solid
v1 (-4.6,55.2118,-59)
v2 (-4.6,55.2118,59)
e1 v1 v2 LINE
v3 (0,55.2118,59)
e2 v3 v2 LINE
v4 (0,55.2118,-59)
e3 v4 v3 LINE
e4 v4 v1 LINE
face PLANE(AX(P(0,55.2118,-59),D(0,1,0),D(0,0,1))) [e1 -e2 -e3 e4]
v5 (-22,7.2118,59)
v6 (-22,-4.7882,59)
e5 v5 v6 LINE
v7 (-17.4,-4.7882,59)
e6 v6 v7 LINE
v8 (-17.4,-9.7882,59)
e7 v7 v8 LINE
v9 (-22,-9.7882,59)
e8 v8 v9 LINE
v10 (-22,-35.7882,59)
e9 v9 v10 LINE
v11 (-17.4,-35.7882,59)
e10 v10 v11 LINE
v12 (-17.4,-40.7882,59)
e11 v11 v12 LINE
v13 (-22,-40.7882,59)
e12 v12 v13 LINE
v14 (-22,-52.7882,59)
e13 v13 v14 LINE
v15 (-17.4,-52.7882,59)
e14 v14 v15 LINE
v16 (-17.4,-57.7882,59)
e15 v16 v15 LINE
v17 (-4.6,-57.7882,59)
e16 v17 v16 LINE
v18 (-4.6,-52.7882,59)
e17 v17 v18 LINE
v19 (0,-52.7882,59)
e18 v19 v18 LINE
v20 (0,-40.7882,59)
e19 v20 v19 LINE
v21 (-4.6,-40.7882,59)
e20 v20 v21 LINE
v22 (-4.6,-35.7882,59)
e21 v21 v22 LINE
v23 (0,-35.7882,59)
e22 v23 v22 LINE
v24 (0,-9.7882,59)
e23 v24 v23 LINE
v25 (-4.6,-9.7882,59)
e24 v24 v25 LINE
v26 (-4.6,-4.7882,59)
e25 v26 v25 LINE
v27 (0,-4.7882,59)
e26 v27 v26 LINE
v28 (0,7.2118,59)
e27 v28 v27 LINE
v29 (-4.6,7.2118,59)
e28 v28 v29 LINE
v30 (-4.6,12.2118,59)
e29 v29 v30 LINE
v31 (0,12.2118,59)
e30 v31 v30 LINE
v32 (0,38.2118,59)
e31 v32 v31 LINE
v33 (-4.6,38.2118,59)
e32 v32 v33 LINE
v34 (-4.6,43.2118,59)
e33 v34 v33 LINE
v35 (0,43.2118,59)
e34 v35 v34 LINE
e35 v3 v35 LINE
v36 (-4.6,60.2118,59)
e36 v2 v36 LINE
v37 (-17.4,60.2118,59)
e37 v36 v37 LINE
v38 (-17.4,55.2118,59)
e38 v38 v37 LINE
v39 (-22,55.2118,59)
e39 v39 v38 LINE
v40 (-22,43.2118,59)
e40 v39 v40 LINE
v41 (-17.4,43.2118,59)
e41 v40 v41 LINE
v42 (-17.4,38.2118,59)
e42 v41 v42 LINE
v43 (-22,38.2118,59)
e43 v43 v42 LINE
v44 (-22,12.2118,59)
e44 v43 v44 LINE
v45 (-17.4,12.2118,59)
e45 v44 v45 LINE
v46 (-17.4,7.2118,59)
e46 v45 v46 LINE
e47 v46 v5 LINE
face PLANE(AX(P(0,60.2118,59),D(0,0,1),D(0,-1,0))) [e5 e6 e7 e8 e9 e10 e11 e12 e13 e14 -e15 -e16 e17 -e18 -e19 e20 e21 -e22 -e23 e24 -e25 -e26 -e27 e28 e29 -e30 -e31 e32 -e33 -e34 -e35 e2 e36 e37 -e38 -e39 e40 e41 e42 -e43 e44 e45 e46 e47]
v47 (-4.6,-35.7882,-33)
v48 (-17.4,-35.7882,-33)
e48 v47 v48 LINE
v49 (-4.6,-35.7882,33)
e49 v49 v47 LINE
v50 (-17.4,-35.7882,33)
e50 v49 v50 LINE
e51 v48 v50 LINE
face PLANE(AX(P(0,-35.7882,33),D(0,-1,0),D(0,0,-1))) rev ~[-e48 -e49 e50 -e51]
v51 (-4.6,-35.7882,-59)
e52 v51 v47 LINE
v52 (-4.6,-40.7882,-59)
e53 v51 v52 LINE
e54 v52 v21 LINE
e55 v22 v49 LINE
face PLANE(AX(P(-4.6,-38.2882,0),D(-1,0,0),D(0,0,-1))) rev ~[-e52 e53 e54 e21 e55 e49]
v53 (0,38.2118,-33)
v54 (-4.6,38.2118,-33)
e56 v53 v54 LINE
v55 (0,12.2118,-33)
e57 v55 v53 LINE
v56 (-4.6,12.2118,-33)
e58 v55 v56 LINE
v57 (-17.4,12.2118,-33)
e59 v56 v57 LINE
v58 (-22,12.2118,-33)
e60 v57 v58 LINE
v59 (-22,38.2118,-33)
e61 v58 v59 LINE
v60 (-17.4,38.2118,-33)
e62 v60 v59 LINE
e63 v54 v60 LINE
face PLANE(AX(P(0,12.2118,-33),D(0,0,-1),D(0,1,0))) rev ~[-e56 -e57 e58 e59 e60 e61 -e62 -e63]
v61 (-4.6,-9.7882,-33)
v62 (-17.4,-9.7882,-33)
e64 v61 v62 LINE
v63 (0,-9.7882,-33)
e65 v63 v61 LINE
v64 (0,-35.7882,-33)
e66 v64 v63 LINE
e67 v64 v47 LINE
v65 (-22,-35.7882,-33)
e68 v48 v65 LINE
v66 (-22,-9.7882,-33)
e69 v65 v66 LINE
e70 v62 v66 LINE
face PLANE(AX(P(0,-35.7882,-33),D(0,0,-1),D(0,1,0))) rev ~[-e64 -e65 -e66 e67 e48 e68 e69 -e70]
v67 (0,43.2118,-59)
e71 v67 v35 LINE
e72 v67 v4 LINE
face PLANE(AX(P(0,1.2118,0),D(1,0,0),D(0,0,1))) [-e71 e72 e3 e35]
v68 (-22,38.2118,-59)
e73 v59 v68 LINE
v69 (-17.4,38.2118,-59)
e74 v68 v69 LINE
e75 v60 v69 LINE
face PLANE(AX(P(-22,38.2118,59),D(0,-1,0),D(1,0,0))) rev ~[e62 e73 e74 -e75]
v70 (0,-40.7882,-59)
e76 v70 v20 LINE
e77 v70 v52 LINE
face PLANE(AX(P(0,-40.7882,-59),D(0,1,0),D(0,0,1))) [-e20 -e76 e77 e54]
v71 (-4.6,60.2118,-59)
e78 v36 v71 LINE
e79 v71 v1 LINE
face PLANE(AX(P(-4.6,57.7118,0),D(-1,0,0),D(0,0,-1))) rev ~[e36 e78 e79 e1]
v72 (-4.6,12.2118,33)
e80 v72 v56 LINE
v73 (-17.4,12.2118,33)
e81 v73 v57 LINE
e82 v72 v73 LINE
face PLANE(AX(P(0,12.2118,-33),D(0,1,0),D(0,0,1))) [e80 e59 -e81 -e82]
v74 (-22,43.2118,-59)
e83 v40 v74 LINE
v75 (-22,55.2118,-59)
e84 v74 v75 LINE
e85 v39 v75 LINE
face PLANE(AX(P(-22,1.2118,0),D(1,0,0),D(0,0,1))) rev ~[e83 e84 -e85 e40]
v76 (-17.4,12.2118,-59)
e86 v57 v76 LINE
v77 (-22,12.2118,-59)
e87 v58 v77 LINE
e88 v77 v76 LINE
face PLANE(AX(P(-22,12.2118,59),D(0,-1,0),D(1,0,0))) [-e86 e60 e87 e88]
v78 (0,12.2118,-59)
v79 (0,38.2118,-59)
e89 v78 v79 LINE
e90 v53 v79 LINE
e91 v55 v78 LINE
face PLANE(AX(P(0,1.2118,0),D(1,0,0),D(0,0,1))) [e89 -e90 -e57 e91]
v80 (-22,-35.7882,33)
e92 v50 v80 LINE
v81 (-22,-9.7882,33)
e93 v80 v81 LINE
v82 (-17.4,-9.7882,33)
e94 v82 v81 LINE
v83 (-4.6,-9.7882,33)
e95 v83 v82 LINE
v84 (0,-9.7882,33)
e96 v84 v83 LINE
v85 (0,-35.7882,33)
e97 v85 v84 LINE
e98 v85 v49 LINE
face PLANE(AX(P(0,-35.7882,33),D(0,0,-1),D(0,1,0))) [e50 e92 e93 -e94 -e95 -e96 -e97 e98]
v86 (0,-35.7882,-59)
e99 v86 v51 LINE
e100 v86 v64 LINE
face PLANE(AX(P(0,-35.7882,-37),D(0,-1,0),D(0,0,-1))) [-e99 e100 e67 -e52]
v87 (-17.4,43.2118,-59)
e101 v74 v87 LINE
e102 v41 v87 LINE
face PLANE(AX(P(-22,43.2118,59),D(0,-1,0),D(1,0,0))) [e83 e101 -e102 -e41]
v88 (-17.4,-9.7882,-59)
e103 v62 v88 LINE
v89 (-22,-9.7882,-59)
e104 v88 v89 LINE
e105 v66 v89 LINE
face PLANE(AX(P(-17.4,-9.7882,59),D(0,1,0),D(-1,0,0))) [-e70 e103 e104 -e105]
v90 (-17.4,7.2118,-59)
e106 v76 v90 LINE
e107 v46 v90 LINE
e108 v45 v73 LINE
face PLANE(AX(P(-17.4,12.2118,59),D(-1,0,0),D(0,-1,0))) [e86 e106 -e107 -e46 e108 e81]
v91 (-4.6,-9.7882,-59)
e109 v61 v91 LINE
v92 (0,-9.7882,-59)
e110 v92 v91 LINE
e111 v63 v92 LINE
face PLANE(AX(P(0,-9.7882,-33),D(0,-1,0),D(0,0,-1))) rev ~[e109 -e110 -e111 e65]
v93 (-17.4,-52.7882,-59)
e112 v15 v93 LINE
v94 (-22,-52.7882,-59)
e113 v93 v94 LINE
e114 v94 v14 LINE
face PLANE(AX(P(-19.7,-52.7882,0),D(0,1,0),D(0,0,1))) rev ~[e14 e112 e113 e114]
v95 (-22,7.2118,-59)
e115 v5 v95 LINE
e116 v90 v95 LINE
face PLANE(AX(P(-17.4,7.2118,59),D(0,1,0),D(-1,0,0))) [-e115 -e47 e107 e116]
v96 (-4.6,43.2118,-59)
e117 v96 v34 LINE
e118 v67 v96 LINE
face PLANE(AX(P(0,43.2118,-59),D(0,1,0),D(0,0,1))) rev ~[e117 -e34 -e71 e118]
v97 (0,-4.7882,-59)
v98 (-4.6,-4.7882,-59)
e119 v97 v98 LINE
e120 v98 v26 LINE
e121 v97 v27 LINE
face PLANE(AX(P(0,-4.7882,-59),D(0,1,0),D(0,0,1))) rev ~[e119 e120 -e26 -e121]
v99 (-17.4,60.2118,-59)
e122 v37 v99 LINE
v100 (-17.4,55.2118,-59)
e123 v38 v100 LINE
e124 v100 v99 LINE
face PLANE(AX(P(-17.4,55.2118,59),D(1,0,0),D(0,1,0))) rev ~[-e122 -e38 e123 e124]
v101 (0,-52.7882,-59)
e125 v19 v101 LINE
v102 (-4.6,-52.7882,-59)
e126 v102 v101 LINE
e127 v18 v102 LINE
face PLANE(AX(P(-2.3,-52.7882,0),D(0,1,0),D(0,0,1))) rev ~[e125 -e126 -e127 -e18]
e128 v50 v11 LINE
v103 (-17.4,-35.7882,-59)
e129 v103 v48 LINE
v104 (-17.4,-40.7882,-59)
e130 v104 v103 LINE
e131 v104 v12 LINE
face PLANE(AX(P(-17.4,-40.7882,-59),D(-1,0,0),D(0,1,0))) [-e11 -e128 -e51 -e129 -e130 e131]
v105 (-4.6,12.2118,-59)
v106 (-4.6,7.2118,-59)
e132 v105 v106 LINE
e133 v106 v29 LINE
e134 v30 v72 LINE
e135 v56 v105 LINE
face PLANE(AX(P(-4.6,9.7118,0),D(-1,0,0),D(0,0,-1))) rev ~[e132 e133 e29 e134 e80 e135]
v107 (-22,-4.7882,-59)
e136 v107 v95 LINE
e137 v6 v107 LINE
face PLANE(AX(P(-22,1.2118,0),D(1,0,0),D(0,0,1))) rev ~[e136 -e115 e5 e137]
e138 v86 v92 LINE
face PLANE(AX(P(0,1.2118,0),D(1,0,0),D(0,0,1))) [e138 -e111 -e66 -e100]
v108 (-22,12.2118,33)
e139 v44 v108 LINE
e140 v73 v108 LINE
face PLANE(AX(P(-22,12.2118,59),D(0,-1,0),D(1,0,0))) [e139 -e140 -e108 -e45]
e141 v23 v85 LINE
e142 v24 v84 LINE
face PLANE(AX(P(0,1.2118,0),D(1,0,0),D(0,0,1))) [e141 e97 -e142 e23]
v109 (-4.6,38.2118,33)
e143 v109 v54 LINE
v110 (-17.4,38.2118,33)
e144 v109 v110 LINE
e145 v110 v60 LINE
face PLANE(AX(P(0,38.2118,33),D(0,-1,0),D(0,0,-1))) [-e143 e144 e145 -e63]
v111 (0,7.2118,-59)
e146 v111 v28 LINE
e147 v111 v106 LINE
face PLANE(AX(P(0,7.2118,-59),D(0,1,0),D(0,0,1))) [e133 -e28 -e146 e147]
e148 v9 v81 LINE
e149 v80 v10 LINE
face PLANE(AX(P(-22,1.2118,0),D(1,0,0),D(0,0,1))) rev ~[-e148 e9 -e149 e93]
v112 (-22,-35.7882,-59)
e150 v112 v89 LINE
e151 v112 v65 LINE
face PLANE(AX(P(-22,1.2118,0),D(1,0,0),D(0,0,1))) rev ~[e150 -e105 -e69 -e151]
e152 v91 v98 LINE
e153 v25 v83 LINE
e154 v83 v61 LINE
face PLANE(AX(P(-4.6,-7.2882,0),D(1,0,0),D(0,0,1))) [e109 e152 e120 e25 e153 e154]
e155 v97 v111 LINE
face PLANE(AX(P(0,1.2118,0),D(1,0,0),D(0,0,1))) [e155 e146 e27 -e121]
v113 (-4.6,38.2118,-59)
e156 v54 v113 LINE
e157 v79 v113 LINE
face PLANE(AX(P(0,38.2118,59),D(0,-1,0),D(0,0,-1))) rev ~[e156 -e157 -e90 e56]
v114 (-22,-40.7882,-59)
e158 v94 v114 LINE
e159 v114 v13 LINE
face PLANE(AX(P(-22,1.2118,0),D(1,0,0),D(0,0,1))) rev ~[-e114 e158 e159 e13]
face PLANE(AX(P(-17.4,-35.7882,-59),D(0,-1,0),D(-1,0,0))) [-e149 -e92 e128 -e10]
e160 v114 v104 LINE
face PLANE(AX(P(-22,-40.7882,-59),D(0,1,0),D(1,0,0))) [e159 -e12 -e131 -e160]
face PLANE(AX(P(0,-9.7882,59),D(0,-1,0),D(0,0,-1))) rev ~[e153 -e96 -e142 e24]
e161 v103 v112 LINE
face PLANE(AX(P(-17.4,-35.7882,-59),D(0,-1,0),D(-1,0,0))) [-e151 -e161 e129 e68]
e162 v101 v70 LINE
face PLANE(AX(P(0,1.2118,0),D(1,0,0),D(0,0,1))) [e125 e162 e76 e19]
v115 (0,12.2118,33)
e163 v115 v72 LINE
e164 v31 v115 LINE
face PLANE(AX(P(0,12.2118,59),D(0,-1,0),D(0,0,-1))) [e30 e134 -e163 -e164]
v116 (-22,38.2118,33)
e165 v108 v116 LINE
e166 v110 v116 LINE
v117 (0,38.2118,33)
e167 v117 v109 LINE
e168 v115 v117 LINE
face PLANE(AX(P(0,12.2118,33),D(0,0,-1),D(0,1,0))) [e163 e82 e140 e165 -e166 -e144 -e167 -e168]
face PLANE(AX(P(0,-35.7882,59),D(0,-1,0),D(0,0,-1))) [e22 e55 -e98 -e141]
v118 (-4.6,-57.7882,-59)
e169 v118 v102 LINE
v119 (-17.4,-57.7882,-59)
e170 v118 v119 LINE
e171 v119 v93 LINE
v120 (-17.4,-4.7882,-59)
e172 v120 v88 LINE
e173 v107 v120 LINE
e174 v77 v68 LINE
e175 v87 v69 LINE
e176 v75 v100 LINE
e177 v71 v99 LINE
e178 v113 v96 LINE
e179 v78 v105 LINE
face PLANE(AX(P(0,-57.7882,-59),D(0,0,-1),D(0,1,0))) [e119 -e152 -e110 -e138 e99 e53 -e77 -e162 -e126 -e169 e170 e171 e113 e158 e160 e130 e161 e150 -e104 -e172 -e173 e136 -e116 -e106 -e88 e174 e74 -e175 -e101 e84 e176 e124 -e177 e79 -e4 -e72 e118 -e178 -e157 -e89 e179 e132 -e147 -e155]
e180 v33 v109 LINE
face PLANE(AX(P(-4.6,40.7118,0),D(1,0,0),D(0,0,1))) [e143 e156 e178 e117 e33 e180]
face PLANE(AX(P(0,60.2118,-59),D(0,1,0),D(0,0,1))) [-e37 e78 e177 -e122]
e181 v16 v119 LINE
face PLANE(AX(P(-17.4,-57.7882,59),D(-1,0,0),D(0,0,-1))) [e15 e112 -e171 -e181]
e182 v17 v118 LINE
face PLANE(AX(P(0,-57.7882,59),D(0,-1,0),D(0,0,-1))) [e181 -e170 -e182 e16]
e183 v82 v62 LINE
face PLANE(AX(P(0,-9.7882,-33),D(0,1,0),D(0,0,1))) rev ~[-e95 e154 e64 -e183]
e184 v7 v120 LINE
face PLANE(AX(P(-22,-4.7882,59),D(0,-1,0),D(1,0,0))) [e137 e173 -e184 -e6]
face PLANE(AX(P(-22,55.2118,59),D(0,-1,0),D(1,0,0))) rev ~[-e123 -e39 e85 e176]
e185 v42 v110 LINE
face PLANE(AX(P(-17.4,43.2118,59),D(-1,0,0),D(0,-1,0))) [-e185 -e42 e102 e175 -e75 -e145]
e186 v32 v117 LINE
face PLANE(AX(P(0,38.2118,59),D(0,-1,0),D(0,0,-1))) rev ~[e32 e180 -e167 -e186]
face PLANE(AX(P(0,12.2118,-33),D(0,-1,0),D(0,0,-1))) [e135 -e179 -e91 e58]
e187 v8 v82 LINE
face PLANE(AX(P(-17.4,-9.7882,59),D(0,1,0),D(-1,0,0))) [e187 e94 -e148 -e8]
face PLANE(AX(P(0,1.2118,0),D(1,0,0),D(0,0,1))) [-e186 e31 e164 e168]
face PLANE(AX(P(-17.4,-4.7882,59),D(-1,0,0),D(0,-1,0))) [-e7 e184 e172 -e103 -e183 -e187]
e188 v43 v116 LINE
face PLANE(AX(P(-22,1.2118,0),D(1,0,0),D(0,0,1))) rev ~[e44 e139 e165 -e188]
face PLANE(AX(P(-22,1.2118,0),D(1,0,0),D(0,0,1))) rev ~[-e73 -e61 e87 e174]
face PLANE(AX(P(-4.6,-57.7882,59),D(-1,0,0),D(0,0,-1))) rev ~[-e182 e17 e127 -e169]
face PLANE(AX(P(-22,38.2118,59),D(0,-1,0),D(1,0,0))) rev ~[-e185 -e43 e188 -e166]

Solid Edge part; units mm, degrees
sketch "Sketch1" plane through (0, 0, 0) normal (1, 0, 0) x (0, 1, 0)
  line L0 (-57.7882, -59) -> (60.2118, -59)
  line L1 (60.2118, -59) -> (60.2118, 59)
  line L2 (60.2118, 59) -> (-57.7882, 59)
  line L3 (-57.7882, 59) -> (-57.7882, -59)
extrude "Protrusion1" add sketch "Sketch1" against normal blind 22
sketch "Sketch2" plane through (0, 1.2118, 0) normal (1, 0, 0) x (0, 1, 0)
  line L0 (-37, 33) -> (-37, -33)
  line L1 (-37, -33) -> (-11, -33)
  line L2 (-11, -33) -> (-11, 33)
  line L3 (-37, 33) -> (-11, 33)
extrude "ExtrudedCutout_1" cut sketch "Sketch2" against normal blind 50
sketch "Sketch3" plane through (0, 1.2118, 0) normal (1, 0, 0) x (0, 1, 0)
  line L0 (37, 33) -> (37, -33)
  line L1 (11, -33) -> (37, -33)
  line L2 (11, -33) -> (11, 33)
  line L3 (11, 33) -> (37, 33)
extrude "ExtrudedCutout_2" cut sketch "Sketch3" against normal blind 28
sketch "Sketch4" plane through (-11, -57.7882, 0) normal (0, -1, 0) x (0, 0, -1)
  line L0 (-59, 11) -> (59, 11)
  line L1 (-59, 11) -> (-59, 6.4)
  line L2 (-59, 6.4) -> (59, 6.4)
  line L3 (59, 6.4) -> (59, 11)
extrude "ExtrudedCutout_3" cut sketch "Sketch4" against normal blind 5
sketch "Sketch5" plane through (-13.3, -57.7882, 0) normal (0, -1, 0) x (0, 0, -1)
  line L0 (-59, -4.1) -> (59, -4.1)
  line L1 (59, -4.1) -> (59, -8.7)
  line L2 (59, -8.7) -> (-59, -8.7)
  line L3 (-59, -8.7) -> (-59, -4.1)
extrude "ExtrudedCutout_4" cut sketch "Sketch5" against normal blind 5
sketch "Sketch6" plane through (0, 3.7118, 0) normal (1, 0, 0) x (0, 1, 0)
  line L0 (-39.5, -37) -> (-39.5, -59)
  line L1 (-39.5, -59) -> (-44.5, -59)
  line L2 (-44.5, -59) -> (-44.5, 59)
  line L3 (-44.5, 59) -> (-39.5, 59)
  line L4 (-39.5, 59) -> (-39.5, -37)
extrude "ExtrudedCutout_5" cut sketch "Sketch6" against normal blind 4.6
sketch "Sketch7" plane through (-11, 1.2118, -59) normal (0, 0, -1) x (0, 1, 0)
  line L0 (-42, -11) -> (-42, -6.4)
  line L1 (-42, -6.4) -> (-37, -6.4)
  line L2 (-37, -6.4) -> (-37, -11)
  line L3 (-37, -11) -> (-42, -11)
extrude "ExtrudedCutout_6" cut sketch "Sketch7" against normal blind 120
sketch "Sketch8" plane through (0, 12.2118, 0) normal (1, 0, 0) x (0, 1, 0)
  line L0 (-22, -33) -> (-22, -59)
  line L1 (-22, -59) -> (-17, -59)
  line L2 (-17, -59) -> (-17, 59)
  line L3 (-17, 59) -> (-22, 59)
  line L4 (-22, 59) -> (-22, -33)
extrude "ExtrudedCutout_7" cut sketch "Sketch8" against normal blind 4.6
sketch "Sketch9" plane through (0, 27.7118, 0) normal (1, 0, 0) x (0, 1, 0)
  line L0 (-15.5, -33) -> (-15.5, -59)
  line L1 (-15.5, -59) -> (-20.5, -59)
  line L2 (-20.5, -59) -> (-20.5, 59)
  line L3 (-20.5, 59) -> (-15.5, 59)
  line L4 (-15.5, 59) -> (-15.5, -33)
extrude "ExtrudedCutout_8" cut sketch "Sketch9" against normal blind 4.6
sketch "Sketch10" plane through (-11, 1.2118, 59) normal (0, 0, 1) x (0, 1, 0)
  line L0 (-6, 11) -> (-6, 6.4)
  line L1 (-6, 6.4) -> (-11, 6.4)
  line L2 (-11, 6.4) -> (-11, 11)
  line L3 (-11, 11) -> (-6, 11)
  line L4 (11, 6.4) -> (6, 6.4)
  line L5 (6, 6.4) -> (6, 11)
  line L6 (6, 11) -> (11, 11)
  line L7 (11, 11) -> (11, 6.4)
extrude "Cutout1" cut sketch "Sketch10" against normal blind 118
sketch "Sketch11" plane through (0, 36.2118, 0) normal (1, 0, 0) x (0, 1, 0)
  line L0 (2, -59) -> (7, -59)
  line L1 (7, -59) -> (7, 59)
  line L2 (7, 59) -> (2, 59)
  line L3 (2, 59) -> (2, -59)
extrude "ExtrudedCutout_10" cut sketch "Sketch11" against normal blind 4.6
sketch "Sketch12" plane through (0, 51.7118, 0) normal (1, 0, 0) x (0, 0, -1)
  line L0 (59, 8.5) -> (59, 3.5)
  line L1 (59, 3.5) -> (-59, 3.5)
  line L2 (-59, 3.5) -> (-59, 8.5)
  line L3 (-59, 8.5) -> (59, 8.5)
extrude "ExtrudedCutout_11" cut sketch "Sketch12" against normal blind 4.6
sketch "Sketch13" plane through (-11, 1.2118, 59) normal (0, 0, 1) x (0, 1, 0)
  line L0 (42, 11) -> (42, 6.4)
  line L1 (42, 6.4) -> (37, 6.4)
  line L2 (37, 11) -> (37, 6.4)
  line L3 (42, 11) -> (37, 11)
  line L4 (54, 6.4) -> (59, 6.4)
  line L5 (59, 6.4) -> (59, 11)
  line L6 (59, 11) -> (54, 11)
  line L7 (54, 11) -> (54, 6.4)
extrude "ExtrudedCutout_12" cut sketch "Sketch13" against normal blind 118
properties material "Stainless steel"
